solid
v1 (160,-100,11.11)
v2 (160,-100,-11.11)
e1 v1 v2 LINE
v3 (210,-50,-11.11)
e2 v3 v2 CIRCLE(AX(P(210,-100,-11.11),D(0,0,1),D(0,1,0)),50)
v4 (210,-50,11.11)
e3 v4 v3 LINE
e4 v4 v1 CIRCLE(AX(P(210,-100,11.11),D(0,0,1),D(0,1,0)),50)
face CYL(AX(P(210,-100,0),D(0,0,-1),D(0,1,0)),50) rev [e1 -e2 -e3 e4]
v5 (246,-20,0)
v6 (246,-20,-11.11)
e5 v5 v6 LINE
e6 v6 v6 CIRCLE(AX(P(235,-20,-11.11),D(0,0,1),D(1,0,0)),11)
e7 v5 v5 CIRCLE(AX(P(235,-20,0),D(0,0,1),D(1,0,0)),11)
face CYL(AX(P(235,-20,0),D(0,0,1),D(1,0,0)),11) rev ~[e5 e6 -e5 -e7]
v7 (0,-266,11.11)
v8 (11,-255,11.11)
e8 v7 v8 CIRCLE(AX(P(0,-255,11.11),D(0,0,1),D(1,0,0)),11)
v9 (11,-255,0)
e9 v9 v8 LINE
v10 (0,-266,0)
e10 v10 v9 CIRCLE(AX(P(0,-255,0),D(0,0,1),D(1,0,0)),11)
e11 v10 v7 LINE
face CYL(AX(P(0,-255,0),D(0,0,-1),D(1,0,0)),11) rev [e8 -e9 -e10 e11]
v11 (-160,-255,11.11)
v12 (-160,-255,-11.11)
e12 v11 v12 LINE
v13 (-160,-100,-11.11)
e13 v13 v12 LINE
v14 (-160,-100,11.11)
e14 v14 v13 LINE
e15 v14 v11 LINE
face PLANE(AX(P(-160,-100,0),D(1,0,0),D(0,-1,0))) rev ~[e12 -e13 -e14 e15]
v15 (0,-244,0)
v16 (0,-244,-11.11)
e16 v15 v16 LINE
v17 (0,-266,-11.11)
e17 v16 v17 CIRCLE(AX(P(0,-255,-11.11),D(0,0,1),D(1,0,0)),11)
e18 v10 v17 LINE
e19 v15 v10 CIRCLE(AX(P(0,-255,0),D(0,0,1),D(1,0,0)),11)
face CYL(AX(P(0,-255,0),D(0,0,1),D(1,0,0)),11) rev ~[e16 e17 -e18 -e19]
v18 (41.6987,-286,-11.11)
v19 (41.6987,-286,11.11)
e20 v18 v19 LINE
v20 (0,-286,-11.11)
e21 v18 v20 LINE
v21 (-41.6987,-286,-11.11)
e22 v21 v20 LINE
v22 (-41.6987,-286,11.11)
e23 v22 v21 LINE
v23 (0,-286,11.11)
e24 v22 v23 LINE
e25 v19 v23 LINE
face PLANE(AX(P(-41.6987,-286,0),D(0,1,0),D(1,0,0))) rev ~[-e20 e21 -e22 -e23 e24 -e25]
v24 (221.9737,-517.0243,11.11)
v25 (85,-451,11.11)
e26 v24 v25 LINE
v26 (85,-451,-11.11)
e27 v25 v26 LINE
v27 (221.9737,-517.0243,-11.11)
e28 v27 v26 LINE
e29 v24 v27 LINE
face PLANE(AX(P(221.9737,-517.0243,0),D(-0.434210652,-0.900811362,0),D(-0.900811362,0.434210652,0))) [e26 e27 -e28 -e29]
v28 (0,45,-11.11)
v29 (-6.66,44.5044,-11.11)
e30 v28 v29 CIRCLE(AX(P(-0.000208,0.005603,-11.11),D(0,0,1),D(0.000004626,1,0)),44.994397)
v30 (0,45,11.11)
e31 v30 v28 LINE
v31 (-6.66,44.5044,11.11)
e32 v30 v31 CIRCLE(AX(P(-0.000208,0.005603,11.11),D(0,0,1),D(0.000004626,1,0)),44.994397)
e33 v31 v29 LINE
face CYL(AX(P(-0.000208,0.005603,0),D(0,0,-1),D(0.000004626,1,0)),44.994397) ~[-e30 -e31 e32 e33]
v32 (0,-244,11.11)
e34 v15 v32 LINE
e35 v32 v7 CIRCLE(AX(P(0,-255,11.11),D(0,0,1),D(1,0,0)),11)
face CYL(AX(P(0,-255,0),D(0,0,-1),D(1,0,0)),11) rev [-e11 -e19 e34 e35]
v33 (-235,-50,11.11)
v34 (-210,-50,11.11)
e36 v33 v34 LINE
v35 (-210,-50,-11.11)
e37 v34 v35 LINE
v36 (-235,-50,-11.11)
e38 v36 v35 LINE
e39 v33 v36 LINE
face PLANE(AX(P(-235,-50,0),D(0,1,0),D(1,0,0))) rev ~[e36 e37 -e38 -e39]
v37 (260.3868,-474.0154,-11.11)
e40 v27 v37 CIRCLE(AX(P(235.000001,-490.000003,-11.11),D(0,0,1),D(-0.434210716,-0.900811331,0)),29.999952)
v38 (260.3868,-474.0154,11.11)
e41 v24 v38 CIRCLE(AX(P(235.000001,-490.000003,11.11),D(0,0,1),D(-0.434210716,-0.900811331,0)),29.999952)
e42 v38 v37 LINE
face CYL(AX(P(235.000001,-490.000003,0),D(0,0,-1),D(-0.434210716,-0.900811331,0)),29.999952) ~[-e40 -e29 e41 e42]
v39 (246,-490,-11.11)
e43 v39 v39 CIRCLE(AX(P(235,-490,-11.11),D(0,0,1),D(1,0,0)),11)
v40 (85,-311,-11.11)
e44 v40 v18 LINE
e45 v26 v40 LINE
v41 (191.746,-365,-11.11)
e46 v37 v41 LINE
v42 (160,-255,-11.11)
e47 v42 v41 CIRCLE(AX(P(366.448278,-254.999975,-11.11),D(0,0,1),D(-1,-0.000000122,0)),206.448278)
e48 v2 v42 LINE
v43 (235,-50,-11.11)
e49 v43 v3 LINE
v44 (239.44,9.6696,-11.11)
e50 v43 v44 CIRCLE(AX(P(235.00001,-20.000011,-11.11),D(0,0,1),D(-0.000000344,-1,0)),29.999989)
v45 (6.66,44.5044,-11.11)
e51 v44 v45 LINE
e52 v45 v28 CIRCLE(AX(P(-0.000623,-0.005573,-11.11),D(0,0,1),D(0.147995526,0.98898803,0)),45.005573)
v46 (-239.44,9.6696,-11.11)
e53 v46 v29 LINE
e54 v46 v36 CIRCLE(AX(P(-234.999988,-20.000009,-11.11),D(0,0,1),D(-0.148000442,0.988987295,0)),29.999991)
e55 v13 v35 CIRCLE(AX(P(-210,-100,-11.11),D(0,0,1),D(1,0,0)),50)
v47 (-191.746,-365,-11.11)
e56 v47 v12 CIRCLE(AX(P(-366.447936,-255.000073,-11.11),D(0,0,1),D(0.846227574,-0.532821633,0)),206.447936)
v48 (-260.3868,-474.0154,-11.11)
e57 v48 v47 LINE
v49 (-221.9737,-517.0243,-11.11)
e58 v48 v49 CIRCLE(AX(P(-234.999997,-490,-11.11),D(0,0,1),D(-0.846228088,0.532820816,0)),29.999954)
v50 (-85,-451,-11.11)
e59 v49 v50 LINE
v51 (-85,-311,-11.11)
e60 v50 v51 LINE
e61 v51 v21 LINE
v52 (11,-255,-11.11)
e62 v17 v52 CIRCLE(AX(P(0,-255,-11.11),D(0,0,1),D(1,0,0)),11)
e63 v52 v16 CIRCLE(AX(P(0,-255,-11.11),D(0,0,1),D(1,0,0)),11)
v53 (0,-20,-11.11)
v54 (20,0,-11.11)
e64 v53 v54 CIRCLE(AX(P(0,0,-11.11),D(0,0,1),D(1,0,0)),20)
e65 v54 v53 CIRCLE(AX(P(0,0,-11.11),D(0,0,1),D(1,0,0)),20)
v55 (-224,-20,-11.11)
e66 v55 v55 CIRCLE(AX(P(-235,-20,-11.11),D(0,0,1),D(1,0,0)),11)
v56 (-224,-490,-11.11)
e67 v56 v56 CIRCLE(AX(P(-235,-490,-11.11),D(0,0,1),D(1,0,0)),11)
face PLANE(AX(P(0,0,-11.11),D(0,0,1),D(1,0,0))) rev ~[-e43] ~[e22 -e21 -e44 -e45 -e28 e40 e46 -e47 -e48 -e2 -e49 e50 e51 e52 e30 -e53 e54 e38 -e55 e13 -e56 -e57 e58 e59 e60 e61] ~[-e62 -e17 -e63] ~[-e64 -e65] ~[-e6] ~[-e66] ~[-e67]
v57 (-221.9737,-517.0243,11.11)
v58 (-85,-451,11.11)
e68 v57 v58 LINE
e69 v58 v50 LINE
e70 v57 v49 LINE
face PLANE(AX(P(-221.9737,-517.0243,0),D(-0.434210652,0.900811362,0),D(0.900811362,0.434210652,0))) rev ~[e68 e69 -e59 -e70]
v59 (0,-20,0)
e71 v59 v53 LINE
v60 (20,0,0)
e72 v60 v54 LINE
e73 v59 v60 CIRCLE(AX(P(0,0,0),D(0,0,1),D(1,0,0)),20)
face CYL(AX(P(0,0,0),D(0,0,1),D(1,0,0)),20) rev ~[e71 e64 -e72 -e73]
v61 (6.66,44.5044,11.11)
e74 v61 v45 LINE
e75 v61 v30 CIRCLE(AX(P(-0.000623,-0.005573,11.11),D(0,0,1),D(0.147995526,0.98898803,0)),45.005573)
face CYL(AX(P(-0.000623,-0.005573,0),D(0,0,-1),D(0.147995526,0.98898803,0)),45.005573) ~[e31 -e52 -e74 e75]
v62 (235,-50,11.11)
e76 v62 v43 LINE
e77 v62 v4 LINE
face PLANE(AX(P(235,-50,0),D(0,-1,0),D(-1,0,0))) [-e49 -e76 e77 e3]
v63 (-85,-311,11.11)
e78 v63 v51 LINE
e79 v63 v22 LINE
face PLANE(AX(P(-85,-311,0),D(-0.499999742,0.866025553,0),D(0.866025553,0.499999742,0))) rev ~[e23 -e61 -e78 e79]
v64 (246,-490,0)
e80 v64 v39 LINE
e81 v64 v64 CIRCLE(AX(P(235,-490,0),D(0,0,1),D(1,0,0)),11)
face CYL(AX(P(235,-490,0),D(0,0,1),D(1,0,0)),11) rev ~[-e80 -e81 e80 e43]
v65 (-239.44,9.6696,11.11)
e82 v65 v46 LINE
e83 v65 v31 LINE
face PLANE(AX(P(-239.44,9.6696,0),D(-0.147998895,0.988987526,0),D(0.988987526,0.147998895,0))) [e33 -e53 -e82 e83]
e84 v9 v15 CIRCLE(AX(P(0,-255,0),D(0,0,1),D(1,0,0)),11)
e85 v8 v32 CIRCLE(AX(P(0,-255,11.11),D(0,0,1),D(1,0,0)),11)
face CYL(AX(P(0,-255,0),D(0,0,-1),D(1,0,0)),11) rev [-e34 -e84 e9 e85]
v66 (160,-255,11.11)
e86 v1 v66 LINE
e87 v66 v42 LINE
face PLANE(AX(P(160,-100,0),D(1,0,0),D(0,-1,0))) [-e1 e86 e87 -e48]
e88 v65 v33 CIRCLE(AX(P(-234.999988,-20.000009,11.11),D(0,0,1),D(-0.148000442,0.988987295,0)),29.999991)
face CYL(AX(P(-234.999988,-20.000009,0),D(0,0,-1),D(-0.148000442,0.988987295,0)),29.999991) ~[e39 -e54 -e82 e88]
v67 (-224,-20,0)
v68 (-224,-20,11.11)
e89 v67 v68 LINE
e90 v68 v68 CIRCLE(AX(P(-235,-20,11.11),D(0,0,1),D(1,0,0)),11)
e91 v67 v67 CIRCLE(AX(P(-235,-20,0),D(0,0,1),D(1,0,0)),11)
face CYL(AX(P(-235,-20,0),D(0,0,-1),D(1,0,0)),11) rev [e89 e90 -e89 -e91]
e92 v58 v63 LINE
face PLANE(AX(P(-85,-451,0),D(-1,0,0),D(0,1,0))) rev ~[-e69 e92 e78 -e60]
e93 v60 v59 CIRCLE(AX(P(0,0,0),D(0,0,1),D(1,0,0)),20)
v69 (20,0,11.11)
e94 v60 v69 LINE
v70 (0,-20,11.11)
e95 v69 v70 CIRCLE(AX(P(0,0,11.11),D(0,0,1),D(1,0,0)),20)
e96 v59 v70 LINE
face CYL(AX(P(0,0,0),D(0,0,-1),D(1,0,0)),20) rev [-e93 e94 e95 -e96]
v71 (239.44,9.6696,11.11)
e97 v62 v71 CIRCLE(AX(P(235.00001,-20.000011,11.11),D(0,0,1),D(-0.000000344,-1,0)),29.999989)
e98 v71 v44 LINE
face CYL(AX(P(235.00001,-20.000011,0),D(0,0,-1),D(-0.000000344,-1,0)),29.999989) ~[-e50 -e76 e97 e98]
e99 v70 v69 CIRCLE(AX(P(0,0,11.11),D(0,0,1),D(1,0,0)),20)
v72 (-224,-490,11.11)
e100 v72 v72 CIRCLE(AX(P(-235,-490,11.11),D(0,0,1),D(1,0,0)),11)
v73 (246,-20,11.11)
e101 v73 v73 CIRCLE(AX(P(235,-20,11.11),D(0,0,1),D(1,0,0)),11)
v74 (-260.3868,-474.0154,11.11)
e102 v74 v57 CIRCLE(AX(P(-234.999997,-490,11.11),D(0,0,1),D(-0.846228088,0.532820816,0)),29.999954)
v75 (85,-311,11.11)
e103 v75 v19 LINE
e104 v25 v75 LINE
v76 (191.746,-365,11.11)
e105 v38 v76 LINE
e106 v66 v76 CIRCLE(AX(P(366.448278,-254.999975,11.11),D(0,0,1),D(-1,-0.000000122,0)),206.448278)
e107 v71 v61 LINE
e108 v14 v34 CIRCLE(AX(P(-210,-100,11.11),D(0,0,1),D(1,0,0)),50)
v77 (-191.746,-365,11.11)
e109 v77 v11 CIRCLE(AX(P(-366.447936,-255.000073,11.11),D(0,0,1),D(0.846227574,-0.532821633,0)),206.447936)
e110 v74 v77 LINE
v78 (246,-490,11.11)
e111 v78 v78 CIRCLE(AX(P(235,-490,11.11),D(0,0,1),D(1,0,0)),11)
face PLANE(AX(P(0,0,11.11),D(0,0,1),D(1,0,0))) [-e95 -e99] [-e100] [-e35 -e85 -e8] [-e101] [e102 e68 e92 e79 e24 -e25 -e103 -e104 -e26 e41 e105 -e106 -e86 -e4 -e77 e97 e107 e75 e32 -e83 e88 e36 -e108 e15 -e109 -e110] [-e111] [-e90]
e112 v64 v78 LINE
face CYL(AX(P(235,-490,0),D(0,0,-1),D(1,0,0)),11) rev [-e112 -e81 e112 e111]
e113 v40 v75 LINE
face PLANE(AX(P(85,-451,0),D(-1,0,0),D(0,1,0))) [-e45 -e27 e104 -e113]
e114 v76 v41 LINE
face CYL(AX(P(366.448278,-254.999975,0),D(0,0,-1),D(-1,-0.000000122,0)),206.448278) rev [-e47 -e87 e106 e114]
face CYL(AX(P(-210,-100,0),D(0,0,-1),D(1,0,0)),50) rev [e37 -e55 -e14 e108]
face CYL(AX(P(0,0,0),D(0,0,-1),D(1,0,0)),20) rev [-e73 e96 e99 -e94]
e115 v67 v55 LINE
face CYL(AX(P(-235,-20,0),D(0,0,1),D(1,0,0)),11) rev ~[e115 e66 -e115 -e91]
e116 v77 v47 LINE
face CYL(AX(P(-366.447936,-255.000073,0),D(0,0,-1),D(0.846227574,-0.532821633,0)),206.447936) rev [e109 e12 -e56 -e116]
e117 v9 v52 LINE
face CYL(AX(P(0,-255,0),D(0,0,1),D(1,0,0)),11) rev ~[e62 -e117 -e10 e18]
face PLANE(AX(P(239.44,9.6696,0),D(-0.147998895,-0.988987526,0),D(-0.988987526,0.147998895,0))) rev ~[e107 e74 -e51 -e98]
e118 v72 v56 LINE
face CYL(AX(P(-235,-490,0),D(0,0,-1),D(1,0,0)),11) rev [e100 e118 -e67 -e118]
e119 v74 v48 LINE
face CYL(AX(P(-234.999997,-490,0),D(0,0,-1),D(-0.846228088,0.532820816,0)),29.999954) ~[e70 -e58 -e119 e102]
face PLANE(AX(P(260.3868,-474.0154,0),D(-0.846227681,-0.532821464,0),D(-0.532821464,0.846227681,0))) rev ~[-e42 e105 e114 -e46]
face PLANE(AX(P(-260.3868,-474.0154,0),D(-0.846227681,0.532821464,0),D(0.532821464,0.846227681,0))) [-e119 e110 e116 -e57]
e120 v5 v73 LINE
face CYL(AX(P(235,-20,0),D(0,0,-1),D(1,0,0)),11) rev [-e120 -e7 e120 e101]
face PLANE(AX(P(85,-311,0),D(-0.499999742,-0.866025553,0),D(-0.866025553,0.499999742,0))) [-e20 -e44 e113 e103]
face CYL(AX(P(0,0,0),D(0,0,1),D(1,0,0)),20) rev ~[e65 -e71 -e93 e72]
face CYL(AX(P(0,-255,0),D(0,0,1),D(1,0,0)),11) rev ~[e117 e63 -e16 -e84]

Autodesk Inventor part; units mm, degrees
ref_plane "YZ Plane" through (0, 0, 0) normal (1, 0, 0) x (0, 1, 0)
ref_plane "XZ Plane" through (0, 0, 0) normal (0, 1, 0) x (-1, 0, 0)
ref_plane "XY Plane" through (0, 0, 0) normal (0, 0, 1) x (1, 0, 0)
sketch "Sketch1" plane through (0, 0, 0) normal (0, 0, 1) x (1, 0, 0)
  circle A0 centre (0, 0) radius 20
  circle A1 centre (-235, -20) radius 11
  line L0 (0, 0) -> (0, -376)
  line L1 (-235, -20) -> (0, -20) construction
  circle A2 centre (235, -20) radius 11
  circle A3 centre (-235, -490) radius 11
  circle A4 centre (235, -490) radius 11
  circle A5 centre (0, -255) radius 11
  arc A6 (-260.3868, -474.0154) -> (-221.9737, -517.0243) centre (-235, -490) ccw
  line L2 (-260.3868, -474.0154) -> (-191.746, -365)
  arc A7 (-239.44, 9.6696) -> (-235, -50) centre (-235, -20) ccw
  line L3 (0, -255) -> (-167.3395, -255) construction
  line L4 (235, -490) -> (-235, -490) construction
  line L5 (-221.9737, -517.0243) -> (-85, -451)
  line L6 (-85, -451) -> (-85, -311)
  line L7 (-239.44, 9.6696) -> (-6.66, 44.5044)
  arc A8 (0, 45) -> (-6.66, 44.5044) centre (0, 0) ccw
  arc A9 (-191.746, -365) -> (-160, -255) centre (-366.4481, -255) ccw
  line L8 (-235, -50) -> (-210, -50)
  line L9 (-160, -100) -> (-160, -255)
  arc A10 (-160, -100) -> (-210, -50) centre (-210, -100) ccw
  line L10 (0, 0) -> (0, 45) construction
  line L11 (235, -20) -> (0, -20) construction
  arc A11 (221.9737, -517.0243) -> (260.3868, -474.0154) centre (235, -490) ccw
  line L12 (260.3868, -474.0154) -> (191.746, -365)
  arc A12 (235, -50) -> (239.44, 9.6696) centre (235, -20) ccw
  line L13 (0, -255) -> (167.3395, -255) construction
  line L14 (-235, -490) -> (235, -490) construction
  line L15 (221.9737, -517.0243) -> (85, -451)
  line L16 (85, -451) -> (85, -311)
  line L17 (239.44, 9.6696) -> (6.66, 44.5044)
  arc A13 (160, -255) -> (191.746, -365) centre (366.4481, -255) ccw
  line L18 (235, -50) -> (210, -50)
  line L19 (160, -100) -> (160, -255)
  arc A14 (210, -50) -> (160, -100) centre (210, -100) ccw
  arc A15 (6.66, 44.5044) -> (0, 45) centre (0, 0) ccw
  line L20 (85, -311) -> (41.6987, -286)
  line L21 (41.6987, -286) -> (0, -286)
  line L22 (-85, -311) -> (-41.6987, -286)
  line L23 (-41.6987, -286) -> (0, -286)
  point P0 (0, -266)
  point P1 (0, 20)
  dimension "d0" = 40
  dimension "d12" = 22
  dimension "d1" = 22
  dimension "d2" = 235
  dimension "d5" = 470
  dimension "d8" = 470
  dimension "d11" = 20
  dimension "d13" = 235
  dimension "d14" = 30
  dimension "d15" = 30
  dimension "d17" = 140
  dimension "d18" = 110
  dimension "d19" = 50
  dimension "d21" = 20
  dimension "d23" = 75
  dimension "d24" = 25
  dimension "d27" = 60
  dimension "d28" = 75
  dimension "d29" = 25
extrude "Extrusion1" add sketch "Sketch1" along normal mid plane 22.22
equation "\"d5\" = 2 * d2"
equation "\"d8\" = 2 * d2"
equation "\"d13\" = d2"
properties part number "Corpo_Suporte_Cabos"
